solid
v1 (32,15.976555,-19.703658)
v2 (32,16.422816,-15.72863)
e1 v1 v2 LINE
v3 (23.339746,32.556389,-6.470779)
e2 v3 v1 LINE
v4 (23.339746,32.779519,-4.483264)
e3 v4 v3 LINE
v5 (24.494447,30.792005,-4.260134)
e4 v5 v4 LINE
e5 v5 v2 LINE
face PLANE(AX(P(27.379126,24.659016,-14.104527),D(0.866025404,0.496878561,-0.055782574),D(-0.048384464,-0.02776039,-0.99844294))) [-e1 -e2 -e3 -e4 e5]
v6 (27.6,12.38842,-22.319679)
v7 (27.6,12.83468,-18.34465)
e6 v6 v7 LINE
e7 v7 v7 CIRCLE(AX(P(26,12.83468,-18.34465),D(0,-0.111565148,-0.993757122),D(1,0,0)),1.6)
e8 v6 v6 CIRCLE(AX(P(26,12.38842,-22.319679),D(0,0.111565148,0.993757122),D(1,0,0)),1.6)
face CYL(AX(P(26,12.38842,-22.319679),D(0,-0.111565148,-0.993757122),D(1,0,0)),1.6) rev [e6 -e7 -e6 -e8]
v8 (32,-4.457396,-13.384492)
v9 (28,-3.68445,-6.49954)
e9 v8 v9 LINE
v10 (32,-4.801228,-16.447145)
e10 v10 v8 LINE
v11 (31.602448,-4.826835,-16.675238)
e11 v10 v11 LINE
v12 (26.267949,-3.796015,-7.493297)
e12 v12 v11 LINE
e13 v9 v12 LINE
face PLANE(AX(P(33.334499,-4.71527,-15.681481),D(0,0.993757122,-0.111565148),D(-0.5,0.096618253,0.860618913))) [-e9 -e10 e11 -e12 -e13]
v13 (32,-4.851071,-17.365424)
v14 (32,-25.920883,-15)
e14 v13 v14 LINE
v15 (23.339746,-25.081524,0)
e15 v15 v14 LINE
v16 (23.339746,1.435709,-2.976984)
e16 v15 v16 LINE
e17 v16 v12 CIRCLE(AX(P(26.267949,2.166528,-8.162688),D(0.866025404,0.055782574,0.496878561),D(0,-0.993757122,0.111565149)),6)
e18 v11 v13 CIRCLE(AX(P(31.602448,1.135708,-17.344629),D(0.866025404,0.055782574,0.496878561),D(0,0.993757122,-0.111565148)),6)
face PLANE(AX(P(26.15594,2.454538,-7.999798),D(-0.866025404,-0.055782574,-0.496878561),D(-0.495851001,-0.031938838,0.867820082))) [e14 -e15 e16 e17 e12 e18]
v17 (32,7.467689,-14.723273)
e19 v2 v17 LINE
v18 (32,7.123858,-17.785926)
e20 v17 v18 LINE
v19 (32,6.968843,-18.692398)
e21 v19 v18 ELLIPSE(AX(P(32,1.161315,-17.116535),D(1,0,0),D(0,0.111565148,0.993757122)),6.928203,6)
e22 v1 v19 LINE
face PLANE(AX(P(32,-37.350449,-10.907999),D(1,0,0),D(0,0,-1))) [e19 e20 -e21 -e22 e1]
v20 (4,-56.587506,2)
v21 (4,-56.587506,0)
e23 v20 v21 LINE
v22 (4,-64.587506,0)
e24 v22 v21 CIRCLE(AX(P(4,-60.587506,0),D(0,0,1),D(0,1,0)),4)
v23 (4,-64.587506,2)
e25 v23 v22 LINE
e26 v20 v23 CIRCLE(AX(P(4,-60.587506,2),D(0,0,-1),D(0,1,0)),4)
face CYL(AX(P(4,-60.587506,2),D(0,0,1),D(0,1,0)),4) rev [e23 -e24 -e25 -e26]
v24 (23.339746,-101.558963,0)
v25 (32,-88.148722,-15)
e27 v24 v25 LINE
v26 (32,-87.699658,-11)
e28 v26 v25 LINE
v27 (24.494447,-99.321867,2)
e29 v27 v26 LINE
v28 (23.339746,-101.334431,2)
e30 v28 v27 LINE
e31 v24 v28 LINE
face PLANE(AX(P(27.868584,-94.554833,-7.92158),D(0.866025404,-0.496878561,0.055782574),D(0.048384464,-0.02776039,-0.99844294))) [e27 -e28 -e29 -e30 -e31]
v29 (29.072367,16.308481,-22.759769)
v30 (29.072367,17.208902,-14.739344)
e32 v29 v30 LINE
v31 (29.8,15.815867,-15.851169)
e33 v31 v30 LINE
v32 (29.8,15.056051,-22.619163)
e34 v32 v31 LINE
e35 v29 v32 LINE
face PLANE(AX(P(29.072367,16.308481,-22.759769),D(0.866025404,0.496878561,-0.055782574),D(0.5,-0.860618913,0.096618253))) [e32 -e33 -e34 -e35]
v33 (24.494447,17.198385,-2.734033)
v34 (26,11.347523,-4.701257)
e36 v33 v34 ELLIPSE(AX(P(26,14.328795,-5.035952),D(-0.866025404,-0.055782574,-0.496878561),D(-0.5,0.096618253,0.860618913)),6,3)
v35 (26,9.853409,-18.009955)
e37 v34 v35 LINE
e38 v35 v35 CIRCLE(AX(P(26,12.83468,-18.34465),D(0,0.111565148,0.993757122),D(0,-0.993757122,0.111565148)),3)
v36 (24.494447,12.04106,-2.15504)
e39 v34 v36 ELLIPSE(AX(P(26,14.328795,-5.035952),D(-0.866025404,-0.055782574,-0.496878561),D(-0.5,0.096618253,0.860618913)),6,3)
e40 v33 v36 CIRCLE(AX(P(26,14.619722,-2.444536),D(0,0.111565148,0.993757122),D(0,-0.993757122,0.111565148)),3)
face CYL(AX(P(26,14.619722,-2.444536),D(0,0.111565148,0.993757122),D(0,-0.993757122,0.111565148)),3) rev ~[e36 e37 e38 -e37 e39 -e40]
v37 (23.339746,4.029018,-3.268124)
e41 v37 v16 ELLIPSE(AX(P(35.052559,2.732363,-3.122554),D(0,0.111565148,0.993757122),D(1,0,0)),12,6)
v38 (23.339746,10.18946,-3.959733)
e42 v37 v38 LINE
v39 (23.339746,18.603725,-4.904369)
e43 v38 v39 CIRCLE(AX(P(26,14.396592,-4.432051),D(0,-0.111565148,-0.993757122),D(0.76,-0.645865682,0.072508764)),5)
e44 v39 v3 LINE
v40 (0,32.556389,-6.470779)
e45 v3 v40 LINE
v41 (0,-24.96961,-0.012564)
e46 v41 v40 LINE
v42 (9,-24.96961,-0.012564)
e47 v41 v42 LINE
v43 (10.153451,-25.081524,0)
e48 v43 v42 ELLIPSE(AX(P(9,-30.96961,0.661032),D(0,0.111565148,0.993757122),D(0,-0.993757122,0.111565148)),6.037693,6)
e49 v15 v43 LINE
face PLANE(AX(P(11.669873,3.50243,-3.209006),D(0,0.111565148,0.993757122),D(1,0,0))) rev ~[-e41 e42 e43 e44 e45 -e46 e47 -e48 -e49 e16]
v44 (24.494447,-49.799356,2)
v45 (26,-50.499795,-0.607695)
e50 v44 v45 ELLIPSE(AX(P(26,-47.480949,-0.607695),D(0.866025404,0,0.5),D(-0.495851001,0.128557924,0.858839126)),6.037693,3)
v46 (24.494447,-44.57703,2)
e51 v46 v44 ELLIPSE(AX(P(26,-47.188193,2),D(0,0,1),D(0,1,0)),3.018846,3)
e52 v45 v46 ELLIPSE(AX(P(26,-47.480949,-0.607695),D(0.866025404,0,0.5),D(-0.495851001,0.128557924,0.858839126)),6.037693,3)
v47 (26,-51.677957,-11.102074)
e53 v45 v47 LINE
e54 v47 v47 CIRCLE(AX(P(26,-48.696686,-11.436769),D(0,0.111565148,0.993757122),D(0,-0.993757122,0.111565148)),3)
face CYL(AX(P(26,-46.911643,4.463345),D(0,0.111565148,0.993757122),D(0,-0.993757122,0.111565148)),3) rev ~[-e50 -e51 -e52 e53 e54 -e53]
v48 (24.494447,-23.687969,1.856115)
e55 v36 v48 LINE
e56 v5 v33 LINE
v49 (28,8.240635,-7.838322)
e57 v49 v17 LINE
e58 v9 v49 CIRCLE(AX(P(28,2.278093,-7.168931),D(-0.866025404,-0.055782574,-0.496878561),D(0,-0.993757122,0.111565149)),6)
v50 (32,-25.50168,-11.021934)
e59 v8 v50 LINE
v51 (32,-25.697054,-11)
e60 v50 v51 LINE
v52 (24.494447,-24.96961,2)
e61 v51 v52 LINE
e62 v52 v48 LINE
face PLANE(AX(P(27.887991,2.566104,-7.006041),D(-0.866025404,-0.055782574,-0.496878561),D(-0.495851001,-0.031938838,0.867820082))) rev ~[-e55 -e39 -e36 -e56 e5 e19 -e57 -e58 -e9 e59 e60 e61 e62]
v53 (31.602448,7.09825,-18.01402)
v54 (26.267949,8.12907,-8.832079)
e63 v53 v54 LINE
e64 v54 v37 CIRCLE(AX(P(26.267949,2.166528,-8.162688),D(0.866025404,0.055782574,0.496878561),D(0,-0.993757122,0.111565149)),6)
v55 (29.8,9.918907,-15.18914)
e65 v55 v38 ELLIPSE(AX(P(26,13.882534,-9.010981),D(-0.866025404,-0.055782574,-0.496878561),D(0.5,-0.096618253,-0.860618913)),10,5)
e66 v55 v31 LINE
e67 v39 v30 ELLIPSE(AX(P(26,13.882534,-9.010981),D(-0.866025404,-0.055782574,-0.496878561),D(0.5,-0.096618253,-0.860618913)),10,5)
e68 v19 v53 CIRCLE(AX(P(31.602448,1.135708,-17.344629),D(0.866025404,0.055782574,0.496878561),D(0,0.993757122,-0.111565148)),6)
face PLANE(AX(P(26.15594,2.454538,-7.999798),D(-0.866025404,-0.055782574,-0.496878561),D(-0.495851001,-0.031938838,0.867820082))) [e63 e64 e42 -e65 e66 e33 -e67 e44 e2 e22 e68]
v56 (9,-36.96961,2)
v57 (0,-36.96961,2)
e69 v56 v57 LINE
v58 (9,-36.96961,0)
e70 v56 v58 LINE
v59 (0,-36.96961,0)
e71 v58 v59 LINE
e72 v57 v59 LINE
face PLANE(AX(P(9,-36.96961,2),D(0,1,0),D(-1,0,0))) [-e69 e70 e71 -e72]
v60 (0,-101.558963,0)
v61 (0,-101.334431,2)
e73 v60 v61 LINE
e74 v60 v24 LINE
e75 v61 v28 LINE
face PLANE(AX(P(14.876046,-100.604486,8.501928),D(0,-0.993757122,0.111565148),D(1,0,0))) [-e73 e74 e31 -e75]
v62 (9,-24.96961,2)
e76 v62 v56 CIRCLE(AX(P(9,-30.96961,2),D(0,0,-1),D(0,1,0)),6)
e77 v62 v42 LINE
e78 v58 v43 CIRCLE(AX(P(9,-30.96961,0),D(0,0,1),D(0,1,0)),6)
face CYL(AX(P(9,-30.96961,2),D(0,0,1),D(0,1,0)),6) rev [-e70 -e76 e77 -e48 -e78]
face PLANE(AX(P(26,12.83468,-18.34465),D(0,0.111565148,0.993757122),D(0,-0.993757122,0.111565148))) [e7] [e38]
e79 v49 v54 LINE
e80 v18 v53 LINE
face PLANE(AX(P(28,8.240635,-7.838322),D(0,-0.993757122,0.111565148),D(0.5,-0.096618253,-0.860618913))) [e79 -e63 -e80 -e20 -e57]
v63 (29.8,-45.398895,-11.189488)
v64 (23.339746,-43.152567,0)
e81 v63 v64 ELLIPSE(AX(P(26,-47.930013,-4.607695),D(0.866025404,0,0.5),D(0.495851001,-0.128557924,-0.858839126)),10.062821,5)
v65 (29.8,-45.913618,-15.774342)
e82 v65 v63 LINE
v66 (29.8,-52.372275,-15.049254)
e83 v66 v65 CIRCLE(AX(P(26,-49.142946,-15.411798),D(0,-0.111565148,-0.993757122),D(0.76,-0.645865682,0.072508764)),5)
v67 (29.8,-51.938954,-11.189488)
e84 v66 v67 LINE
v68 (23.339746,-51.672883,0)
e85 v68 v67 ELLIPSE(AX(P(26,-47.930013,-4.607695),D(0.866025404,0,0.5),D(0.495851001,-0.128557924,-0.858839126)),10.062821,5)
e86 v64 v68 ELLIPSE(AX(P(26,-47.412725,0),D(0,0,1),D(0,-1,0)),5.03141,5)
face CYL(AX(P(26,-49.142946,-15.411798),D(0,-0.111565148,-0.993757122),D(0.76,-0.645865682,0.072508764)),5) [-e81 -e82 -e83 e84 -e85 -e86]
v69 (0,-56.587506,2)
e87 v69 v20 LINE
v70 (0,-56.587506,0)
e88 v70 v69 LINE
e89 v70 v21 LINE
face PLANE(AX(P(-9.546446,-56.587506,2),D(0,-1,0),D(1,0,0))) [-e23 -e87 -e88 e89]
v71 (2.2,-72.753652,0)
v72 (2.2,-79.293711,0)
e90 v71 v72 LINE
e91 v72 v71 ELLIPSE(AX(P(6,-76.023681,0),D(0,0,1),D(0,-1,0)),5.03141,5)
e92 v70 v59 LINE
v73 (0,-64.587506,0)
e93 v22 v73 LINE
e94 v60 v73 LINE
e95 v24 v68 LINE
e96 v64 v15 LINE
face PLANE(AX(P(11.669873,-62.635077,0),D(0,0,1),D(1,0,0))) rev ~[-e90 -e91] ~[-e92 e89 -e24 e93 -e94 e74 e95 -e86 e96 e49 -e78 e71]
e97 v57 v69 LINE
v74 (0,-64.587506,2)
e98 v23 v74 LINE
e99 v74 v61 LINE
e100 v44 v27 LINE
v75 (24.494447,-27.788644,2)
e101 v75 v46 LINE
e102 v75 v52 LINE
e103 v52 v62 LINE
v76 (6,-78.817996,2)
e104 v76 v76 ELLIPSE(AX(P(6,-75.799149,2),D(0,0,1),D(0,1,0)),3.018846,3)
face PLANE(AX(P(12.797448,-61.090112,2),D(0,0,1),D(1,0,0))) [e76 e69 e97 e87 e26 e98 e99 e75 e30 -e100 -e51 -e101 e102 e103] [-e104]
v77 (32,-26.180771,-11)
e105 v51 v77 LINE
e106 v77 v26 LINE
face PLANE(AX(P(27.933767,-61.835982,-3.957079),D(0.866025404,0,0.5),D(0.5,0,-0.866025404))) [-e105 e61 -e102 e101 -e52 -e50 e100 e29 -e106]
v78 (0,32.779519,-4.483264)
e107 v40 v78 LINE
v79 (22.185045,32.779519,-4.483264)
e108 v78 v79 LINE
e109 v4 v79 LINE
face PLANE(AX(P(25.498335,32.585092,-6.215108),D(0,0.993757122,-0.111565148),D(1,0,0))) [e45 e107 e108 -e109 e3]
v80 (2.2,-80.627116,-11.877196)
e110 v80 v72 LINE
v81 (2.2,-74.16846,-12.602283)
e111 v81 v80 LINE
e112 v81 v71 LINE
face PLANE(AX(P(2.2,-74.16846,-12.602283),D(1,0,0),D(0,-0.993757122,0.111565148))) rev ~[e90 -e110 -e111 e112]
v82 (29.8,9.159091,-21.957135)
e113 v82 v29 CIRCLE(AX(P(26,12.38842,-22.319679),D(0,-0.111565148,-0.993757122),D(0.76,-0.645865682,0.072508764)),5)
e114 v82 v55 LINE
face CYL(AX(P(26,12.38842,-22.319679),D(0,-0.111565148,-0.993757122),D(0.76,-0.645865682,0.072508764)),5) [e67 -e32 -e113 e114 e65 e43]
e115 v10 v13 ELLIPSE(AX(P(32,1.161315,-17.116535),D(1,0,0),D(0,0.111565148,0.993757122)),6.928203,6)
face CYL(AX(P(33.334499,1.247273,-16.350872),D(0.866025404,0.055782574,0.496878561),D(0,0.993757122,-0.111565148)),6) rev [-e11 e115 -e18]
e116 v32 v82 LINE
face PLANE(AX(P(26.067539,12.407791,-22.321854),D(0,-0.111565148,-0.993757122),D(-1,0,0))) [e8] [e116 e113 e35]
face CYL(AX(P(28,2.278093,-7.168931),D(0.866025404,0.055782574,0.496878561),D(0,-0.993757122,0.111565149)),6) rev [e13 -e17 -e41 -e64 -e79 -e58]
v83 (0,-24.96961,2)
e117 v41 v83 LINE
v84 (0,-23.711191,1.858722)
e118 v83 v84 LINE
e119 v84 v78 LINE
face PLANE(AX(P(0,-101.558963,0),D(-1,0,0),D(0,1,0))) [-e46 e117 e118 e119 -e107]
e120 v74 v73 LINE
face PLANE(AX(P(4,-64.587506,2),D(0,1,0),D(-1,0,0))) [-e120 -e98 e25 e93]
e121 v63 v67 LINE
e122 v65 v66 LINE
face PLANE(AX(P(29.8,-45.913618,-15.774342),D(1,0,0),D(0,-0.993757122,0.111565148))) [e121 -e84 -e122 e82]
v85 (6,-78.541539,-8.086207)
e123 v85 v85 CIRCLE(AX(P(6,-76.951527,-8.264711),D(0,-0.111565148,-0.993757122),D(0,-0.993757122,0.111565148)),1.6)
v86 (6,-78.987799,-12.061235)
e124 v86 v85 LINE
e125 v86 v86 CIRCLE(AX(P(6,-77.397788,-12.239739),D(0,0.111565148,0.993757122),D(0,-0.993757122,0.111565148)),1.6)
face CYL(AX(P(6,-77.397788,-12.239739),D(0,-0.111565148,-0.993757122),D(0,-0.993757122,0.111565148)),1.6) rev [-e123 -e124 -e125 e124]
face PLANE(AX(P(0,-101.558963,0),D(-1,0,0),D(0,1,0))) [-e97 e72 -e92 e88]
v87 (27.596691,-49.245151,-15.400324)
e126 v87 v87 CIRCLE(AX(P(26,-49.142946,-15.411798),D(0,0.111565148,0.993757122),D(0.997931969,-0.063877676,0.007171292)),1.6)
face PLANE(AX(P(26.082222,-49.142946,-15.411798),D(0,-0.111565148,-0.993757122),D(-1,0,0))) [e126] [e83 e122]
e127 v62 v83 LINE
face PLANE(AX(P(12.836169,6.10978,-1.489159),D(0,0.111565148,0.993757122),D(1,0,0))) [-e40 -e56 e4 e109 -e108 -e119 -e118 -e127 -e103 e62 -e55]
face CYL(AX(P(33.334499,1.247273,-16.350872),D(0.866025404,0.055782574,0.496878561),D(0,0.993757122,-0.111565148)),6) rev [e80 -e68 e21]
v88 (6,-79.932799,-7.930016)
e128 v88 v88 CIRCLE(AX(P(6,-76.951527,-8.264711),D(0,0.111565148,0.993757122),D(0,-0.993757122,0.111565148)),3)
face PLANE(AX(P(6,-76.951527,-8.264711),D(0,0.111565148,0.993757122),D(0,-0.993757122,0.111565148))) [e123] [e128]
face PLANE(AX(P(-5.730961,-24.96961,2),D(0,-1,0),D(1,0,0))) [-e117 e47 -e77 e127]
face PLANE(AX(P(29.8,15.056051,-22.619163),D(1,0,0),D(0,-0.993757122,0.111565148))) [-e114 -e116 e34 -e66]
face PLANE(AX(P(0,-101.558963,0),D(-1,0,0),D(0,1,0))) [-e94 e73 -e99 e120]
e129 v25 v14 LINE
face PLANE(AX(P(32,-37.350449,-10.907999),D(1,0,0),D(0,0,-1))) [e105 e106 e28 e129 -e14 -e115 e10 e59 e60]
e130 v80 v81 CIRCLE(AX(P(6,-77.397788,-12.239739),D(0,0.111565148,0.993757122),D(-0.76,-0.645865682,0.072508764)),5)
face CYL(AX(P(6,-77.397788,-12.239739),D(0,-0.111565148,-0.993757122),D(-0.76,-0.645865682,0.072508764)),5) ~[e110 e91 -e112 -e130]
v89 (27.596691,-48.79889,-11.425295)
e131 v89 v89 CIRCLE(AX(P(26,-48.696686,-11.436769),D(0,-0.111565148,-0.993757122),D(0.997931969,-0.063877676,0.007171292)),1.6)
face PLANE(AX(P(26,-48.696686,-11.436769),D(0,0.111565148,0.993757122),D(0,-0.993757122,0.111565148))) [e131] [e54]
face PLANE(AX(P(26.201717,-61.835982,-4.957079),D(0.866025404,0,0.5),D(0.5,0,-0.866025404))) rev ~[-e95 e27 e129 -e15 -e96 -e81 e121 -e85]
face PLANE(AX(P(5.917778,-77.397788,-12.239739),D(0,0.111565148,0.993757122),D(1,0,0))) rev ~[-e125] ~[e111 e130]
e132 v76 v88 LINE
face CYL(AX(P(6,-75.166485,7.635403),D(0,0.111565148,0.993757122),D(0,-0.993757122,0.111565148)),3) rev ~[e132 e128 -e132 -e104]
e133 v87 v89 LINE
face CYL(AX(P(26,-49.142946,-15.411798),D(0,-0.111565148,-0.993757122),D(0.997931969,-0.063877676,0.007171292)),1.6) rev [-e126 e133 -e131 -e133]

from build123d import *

# Parameters (mm, degrees)
SKETCH1_W           = 23.339745962
SKETCH1_H           = 77.847771952
EXTRUDE1_DEPTH      = 2
SKETCH2_W           = 23.339745962
SKETCH2_H           = 58.47295833
EXTRUDE2_DEPTH      = 2
EXTRUDE3_DEPTH      = 2
EXTRUDE4_DEPTH      = 2
SKETCH5_W           = 29.172294857
SKETCH5_H           = 114.252589879
CUT_EXTRUDE1_DEPTH  = 2
SKETCH6_W           = 35.17541313
SKETCH6_H           = 36.355570025
CUT_EXTRUDE3_DEPTH  = 9
SKETCH7_W           = 29.640366785
SKETCH7_H           = 86.495658127
CUT_EXTRUDE4_DEPTH  = 9
SKETCH8_W           = 29.536232552
SKETCH8_H           = 67.327773858
CUT_EXTRUDE5_DEPTH  = 9
SKETCH9_W           = 23.303500438
SKETCH9_H           = 17.745035166
CUT_EXTRUDE6_DEPTH  = 9
SKETCH10_W          = 29.605950058
SKETCH10_H          = 24.209977647
CUT_EXTRUDE7_DEPTH  = 9
SKETCH11_W          = 17.28028661
SKETCH11_H          = 57.043927735
CUT_EXTRUDE8_DEPTH  = 9
SKETCH12_W          = 46.644962208
SKETCH12_H          = 26.527348651
CUT_EXTRUDE9_DEPTH  = 9
SKETCH13_W          = 27.90261226
SKETCH13_H          = 36.830907155
CUT_EXTRUDE10_DEPTH = 9
CUT_EXTRUDE11_DEPTH = 9
CUT_EXTRUDE12_DEPTH = 9
EXTRUDE5_REACH      = 108.706
SKETCH16_R          = 1.6
SKETCH18_R          = 3
CUT_EXTRUDE13_DEPTH = 16
CUT_EXTRUDE14_DEPTH = 46


with BuildPart() as part:
    # Sketch1 → Extrude1 (new body)
    with BuildSketch(Plane.XY):
        with Locations((11.669872981, -62.635077412)):
            Rectangle(SKETCH1_W, SKETCH1_H)
    extrude(amount=EXTRUDE1_DEPTH)

    # Sketch2 → Extrude2 (add)
    with BuildSketch(Plane(origin=(0, -0.312184271, -2.780754984), x_dir=(1, 0, 0), z_dir=(-1.8145207558717603e-15, 0.11156514837203096, 0.9937571220719512))):
        with Locations((11.669872981, 3.838577658)):
            Rectangle(SKETCH2_W, SKETCH2_H)
    extrude(amount=EXTRUDE2_DEPTH)

    # Sketch3 → Extrude3 (add)
    with BuildSketch(Plane(origin=(17.504809472, 0, 10.106406461), x_dir=(0.49999999999999906, -1.634548474587185e-15, -0.8660254037844393), z_dir=(0.8660254037844392, -2.831121005419217e-15, 0.499999999999999))):
        Polygon((7.883442522, -104.490571733), (28.990381057, -88.148722114), (28.990381057, -25.920882689), (7.883442522, -23.352575413), align=None)
    extrude(amount=EXTRUDE3_DEPTH)

    # Sketch4 → Extrude4 (add)
    with BuildSketch(Plane(origin=(16.293142957, 1.049476669, 9.348124653), x_dir=(0.49585100083824124, 0.031938838189501655, -0.8678200824956861), z_dir=(0.8660254037844394, 0.055782574186015135, 0.49687856103597455))):
        Polygon((16.15670827, 37.302716602), (33.476734925, 13.886588158), (28.056650386, -27.924204291), (7.502507009, -29.456207578), align=None)
    extrude(amount=EXTRUDE4_DEPTH)

    # Sketch5 → Cut-Extrude1 (cut)
    with BuildSketch(Plane(origin=(32, 0, 0), x_dir=(0, 0, -1), z_dir=(1, 0, 0))):
        with Locations((10.907999104, -37.350448714)):
            Rectangle(SKETCH5_W, SKETCH5_H)
    extrude(amount=CUT_EXTRUDE1_DEPTH, mode=Mode.SUBTRACT)

    # Sketch6 → Cut-Extrude3 (cut)
    with BuildSketch(Plane(origin=(0, -100.294881076, 11.25970626), x_dir=(1, 0, 0), z_dir=(0, -0.9937571220719427, 0.11156514837210559))):
        with Locations((14.876045987, -2.775102741)):
            Rectangle(SKETCH6_W, SKETCH6_H)
    extrude(amount=CUT_EXTRUDE3_DEPTH, mode=Mode.SUBTRACT)

    # Sketch7 → Cut-Extrude4 (cut)
    with BuildSketch(Plane.XY.offset(2)):
        with Locations((12.797447922, -61.090112125)):
            Rectangle(SKETCH7_W, SKETCH7_H)
    extrude(amount=CUT_EXTRUDE4_DEPTH, mode=Mode.SUBTRACT)

    # Sketch8 → Cut-Extrude5 (cut)
    with BuildSketch(Plane(origin=(0, -0.089053974, -0.79324074), x_dir=(1, 0, 0), z_dir=(-1.815565503199705e-15, 0.11156514837203098, 0.9937571220719512))):
        with Locations((12.836169201, 6.237775634)):
            Rectangle(SKETCH8_W, SKETCH8_H)
    extrude(amount=CUT_EXTRUDE5_DEPTH, mode=Mode.SUBTRACT)

    # Sketch9 → Cut-Extrude6 (cut)
    with BuildSketch(Plane(origin=(19.236860279, 0, 11.106406461), x_dir=(0.499999999999999, -1.6472663592524059e-15, -0.8660254037844393), z_dir=(0.8660254037844393, -2.8531490278241828e-15, 0.499999999999999))):
        with Locations((15.539372555, -25.628375436)):
            Rectangle(SKETCH9_W, SKETCH9_H)
    extrude(amount=CUT_EXTRUDE6_DEPTH, mode=Mode.SUBTRACT)

    # Sketch10 → Cut-Extrude7 (cut)
    with BuildSketch(Plane(origin=(18.025193764, 1.161041817, 10.341881775), x_dir=(0.49585100083824124, 0.03193883818950166, -0.8678200824956862), z_dir=(0.8660254037844393, 0.05578257418601514, 0.49687856103597444))):
        with Locations((15.868735202, -22.435122808)):
            Rectangle(SKETCH10_W, SKETCH10_H)
    extrude(amount=CUT_EXTRUDE7_DEPTH, mode=Mode.SUBTRACT)

    # Sketch11 → Cut-Extrude8 (cut)
    with BuildSketch(Plane(origin=(0, 32.868573281, -3.690023622), x_dir=(1, 0, 0), z_dir=(0, 0.9937571220719428, -0.11156514837210517))):
        with Locations((25.498335125, 2.54094703)):
            Rectangle(SKETCH11_W, SKETCH11_H)
    extrude(amount=CUT_EXTRUDE8_DEPTH, mode=Mode.SUBTRACT)

    # Sketch12 → Cut-Extrude9 (cut)
    with BuildSketch(Plane(origin=(31.826729192, 18.260456719, -2.050028642), x_dir=(-0.048384463847340485, -0.027760389785225534, -0.9984429399906526), z_dir=(0.8660254037844403, 0.496878561035969, -0.055782574186050725))):
        with Locations((12.073297204, 7.763321363)):
            Rectangle(SKETCH12_W, SKETCH12_H)
    extrude(amount=CUT_EXTRUDE9_DEPTH, mode=Mode.SUBTRACT)

    # Sketch13 → Cut-Extrude10 (cut)
    with BuildSketch(Plane(origin=(61.206591805, -35.117033668, 3.942449301), x_dir=(0.048384463847343365, -0.027760389785227164, -0.9984429399906524), z_dir=(0.8660254037844402, -0.49687856103596856, 0.055782574186054035))):
        with Locations((11.882531158, -68.145692396)):
            Rectangle(SKETCH13_W, SKETCH13_H)
    extrude(amount=CUT_EXTRUDE10_DEPTH, mode=Mode.SUBTRACT)

    # Sketch14 → Cut-Extrude11 (cut)
    with BuildSketch(Plane.XY.offset(2)):
        with BuildLine():
            Line((-5.730960927, -24.969609587), (9, -24.969609587))
            ThreePointArc((9, -24.969609587), (15, -30.969609587), (9, -36.969609587))
            Line((9, -36.969609587), (-5.730960927, -36.969609587))
            ThreePointArc((-5.730960927, -36.969609587), (-11.730960927, -30.969609587), (-5.730960927, -24.969609587))
        make_face()
    extrude(amount=-CUT_EXTRUDE11_DEPTH, mode=Mode.SUBTRACT)

    # Sketch15 → Cut-Extrude12 (cut)
    with BuildSketch(Plane(origin=(18.025193764, 1.161041817, 10.341881775), x_dir=(0.49585100083824163, 0.03193883818950172, -0.8678200824956859), z_dir=(0.866025403784439, 0.055782574186015205, 0.49687856103597494))):
        with BuildLine():
            Line((20.949277707, 6.423782658), (31.529743864, 5.052198489))
            ThreePointArc((31.529743864, 5.052198489), (36.708608329, -1.669361066), (29.987048774, -6.848225531))
            Line((29.987048774, -6.848225531), (19.406582616, -5.476641362))
            ThreePointArc((19.406582616, -5.476641362), (14.227718152, 1.244918193), (20.949277707, 6.423782658))
        make_face()
    extrude(amount=-CUT_EXTRUDE12_DEPTH, mode=Mode.SUBTRACT)

    # Sketch16 → Extrude5 (add, up to next)
    with BuildSketch(Plane(origin=(0, -2.320356941, -20.668383181), x_dir=(1, 0, 0), z_dir=(-1.8077100882975075e-15, 0.111565148372031, 0.9937571220719512)), mode=Mode.PRIVATE) as extrude5_sk1:
        with BuildLine():
            Line((29.8, 11.55156303), (29.8, 17.4855686))
            Line((29.8, 17.4855686), (29.072366829, 18.745866221))
            ThreePointArc((29.072366829, 18.745866221), (21.025378802, 14.298044274), (29.8, 11.55156303))
        make_face()
        with Locations((26, 14.801178392)):
            Circle(SKETCH16_R, mode=Mode.SUBTRACT)
    extrude5_tool1 = extrude(extrude5_sk1.sketch, amount=EXTRUDE5_REACH, mode=Mode.PRIVATE) - part.part
    # Sketch16 → Extrude5 (add, up to next)
    with BuildSketch(Plane(origin=(0, -2.320356941, -20.668383181), x_dir=(1, 0, 0), z_dir=(-1.8077100882975075e-15, 0.111565148372031, 0.9937571220719512)), mode=Mode.PRIVATE) as extrude5_sk2:
        with BuildLine():
            ThreePointArc((2.2, -78.798690089), (11, -75.549074727), (2.2, -72.299459365))
            Line((2.2, -72.299459365), (2.2, -78.798690089))
        make_face()
        with Locations((6, -75.549074727)):
            Circle(SKETCH16_R, mode=Mode.SUBTRACT)
    extrude5_tool2 = extrude(extrude5_sk2.sketch, amount=EXTRUDE5_REACH, mode=Mode.PRIVATE) - part.part
    # Sketch16 → Extrude5 (add, up to next)
    with BuildSketch(Plane(origin=(0, -2.320356941, -20.668383181), x_dir=(1, 0, 0), z_dir=(-1.8077100882975075e-15, 0.111565148372031, 0.9937571220719512)), mode=Mode.PRIVATE) as extrude5_sk3:
        with BuildLine():
            Line((29.8, -50.366348697), (29.8, -43.867117974))
            ThreePointArc((29.8, -43.867117974), (21, -47.116733335), (29.8, -50.366348697))
        make_face()
        with Locations((26, -47.116733335)):
            Circle(SKETCH16_R, mode=Mode.SUBTRACT)
    extrude5_tool3 = extrude(extrude5_sk3.sketch, amount=EXTRUDE5_REACH, mode=Mode.PRIVATE) - part.part
    add(extrude5_tool1.solids().sort_by_distance((21.157909, 11.901747, -22.265042))[0])
    add(extrude5_tool2.solids().sort_by_distance((10.866793, -77.397788, -12.239739))[0])
    add(extrude5_tool3.solids().sort_by_distance((29.666793, -49.142946, -15.411798))[0])

    # Sketch18 → Cut-Extrude13 (cut)
    with BuildSketch(Plane(origin=(0, -0.089053974, -0.79324074), x_dir=(1, 0, 0), z_dir=(-1.8077100882975075e-15, 0.111565148372031, 0.9937571220719512))):
        with Locations((26, 14.801178392)):
            Circle(SKETCH18_R)
        with Locations((26, -47.116733335)):
            Circle(SKETCH18_R)
        with Locations((6, -75.549074727)):
            Circle(SKETCH18_R)
    extrude(amount=-CUT_EXTRUDE13_DEPTH, mode=Mode.SUBTRACT)

    # Sketch19 → Cut-Extrude14 (cut)
    with BuildSketch(Plane.XY.offset(2)):
        with BuildLine():
            Line((-9.54644603, -56.58750618), (4, -56.58750618))
            ThreePointArc((4, -56.58750618), (8, -60.58750618), (4, -64.58750618))
            Line((4, -64.58750618), (-9.54644603, -64.58750618))
            ThreePointArc((-9.54644603, -64.58750618), (-13.54644603, -60.58750618), (-9.54644603, -56.58750618))
        make_face()
    extrude(amount=-CUT_EXTRUDE14_DEPTH, mode=Mode.SUBTRACT)


solid = part.part
